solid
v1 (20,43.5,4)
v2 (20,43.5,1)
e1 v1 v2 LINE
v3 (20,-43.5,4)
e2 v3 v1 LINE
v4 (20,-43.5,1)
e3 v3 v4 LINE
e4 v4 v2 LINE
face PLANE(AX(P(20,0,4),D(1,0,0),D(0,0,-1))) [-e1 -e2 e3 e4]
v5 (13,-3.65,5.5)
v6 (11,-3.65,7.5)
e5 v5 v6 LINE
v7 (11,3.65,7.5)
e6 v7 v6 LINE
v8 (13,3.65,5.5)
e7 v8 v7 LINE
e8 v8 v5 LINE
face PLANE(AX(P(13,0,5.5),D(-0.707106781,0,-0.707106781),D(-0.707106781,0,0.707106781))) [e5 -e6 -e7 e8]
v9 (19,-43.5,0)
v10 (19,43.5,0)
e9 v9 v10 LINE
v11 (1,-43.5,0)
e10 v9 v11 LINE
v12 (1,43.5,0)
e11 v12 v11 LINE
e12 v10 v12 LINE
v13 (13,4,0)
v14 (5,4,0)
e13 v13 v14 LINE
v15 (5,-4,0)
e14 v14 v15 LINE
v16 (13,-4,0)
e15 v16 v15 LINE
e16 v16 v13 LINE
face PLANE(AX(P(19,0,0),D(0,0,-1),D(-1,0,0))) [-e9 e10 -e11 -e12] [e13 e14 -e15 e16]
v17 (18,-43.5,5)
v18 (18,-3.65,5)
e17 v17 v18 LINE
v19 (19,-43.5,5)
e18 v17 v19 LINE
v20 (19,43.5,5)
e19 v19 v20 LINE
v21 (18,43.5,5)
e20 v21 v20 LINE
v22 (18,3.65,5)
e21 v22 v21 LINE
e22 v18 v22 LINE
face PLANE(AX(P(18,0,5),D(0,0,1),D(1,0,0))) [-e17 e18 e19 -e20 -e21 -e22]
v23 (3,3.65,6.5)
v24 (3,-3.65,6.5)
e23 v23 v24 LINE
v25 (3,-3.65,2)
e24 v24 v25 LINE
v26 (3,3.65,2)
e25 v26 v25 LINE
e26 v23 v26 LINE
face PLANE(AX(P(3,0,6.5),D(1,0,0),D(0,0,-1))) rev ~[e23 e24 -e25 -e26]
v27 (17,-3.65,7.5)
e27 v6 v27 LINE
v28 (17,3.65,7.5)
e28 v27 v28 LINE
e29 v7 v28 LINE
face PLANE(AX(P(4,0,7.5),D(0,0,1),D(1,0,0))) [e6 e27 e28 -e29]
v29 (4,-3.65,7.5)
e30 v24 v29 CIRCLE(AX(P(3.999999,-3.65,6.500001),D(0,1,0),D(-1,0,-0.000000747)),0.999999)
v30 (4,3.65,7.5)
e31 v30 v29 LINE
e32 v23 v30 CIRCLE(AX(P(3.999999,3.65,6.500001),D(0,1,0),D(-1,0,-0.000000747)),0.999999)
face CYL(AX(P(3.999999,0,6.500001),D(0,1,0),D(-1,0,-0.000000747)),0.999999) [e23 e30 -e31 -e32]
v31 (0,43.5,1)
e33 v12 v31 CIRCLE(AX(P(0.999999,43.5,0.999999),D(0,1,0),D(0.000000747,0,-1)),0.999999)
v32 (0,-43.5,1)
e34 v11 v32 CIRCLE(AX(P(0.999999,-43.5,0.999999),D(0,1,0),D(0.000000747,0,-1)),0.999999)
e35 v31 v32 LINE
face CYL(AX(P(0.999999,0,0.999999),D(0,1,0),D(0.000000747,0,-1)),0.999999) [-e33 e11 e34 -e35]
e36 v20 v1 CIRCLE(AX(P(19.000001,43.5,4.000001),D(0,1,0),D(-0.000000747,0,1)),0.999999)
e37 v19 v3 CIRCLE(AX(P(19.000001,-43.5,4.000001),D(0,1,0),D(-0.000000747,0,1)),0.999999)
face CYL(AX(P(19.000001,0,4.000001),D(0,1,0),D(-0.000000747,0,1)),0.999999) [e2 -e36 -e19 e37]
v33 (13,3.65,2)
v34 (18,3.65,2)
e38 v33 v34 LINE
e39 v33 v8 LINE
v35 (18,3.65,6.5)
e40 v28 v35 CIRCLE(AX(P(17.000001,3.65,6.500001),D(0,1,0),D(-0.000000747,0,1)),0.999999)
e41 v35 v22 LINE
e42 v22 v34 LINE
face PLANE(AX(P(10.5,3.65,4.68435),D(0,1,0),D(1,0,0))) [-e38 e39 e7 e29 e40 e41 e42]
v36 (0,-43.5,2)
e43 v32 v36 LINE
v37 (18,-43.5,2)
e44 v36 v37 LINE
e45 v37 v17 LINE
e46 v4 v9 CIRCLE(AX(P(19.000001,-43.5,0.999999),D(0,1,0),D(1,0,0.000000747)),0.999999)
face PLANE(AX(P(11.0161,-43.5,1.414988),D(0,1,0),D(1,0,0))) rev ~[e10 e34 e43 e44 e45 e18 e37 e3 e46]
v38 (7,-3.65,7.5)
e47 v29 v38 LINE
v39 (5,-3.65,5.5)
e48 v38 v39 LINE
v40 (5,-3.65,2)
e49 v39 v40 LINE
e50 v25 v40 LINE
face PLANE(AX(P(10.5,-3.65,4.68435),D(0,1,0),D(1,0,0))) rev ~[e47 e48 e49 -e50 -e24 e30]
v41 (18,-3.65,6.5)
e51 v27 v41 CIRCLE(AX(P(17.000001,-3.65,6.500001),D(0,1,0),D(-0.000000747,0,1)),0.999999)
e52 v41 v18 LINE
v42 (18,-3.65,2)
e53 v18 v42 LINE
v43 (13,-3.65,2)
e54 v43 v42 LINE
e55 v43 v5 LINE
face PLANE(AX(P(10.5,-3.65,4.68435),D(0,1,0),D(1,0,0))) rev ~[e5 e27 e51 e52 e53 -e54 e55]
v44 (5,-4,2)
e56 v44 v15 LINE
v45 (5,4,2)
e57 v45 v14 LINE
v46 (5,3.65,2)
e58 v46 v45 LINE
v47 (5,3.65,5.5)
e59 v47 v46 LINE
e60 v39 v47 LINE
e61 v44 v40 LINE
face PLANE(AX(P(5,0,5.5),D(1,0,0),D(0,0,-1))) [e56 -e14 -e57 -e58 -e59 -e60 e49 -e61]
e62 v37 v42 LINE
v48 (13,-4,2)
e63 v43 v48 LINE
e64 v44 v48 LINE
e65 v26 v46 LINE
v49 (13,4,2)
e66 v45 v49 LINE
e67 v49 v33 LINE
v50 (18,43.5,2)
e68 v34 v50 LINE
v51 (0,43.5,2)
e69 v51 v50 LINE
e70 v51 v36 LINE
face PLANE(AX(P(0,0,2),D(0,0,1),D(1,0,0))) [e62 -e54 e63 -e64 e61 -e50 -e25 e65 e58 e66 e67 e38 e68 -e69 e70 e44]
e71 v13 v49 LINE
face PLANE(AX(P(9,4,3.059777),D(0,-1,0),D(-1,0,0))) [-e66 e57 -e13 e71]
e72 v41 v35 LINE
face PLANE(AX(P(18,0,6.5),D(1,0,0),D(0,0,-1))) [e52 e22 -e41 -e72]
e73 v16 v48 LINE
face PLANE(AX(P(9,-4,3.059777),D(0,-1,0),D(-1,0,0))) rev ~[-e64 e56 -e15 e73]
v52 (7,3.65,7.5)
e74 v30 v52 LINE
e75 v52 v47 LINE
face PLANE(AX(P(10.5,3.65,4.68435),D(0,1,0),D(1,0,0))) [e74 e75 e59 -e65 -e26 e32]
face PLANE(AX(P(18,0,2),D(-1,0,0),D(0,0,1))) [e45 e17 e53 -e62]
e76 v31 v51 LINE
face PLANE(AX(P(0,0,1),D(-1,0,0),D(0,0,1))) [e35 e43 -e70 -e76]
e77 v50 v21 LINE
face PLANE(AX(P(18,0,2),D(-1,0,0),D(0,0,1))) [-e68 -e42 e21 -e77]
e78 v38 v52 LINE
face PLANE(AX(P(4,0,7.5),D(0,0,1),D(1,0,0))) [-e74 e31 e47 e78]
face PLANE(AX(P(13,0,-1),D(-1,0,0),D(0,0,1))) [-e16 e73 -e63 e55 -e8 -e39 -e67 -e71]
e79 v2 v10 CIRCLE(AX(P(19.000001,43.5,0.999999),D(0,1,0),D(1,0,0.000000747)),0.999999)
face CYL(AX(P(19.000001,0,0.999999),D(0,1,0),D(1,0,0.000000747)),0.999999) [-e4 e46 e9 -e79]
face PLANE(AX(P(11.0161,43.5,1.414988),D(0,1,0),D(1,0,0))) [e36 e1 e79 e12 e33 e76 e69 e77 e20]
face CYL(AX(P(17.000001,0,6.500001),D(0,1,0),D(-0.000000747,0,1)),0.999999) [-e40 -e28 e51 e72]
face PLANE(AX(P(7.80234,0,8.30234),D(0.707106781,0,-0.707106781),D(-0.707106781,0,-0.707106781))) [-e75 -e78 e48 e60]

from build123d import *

# Parameters (mm, degrees)
PAD002_DEPTH        = 4
PAD001_DEPTH        = 3.65
PAD_DEPTH           = 43.5
CUT_PLACEMENT_ANGLE = 180


with BuildPart() as trou_carre001:
    # Sketch002 → Pad002 (new body, symmetric)
    with BuildSketch(Plane.XZ):
        Polygon((5, 3), (13, 3), (13, -3.5), (10.19766, -6.30234), (7.80234, -6.30234), (5, -3.5), align=None)
    extrude(amount=PAD002_DEPTH, both=True)


with BuildPart() as insert001:
    # Sketch001 → Pad001 (new body, symmetric)
    with BuildSketch(Plane.XZ):
        with BuildLine():
            Line((4, -5.5), (17, -5.5))
            ThreePointArc((17, -5.5), (17.707107, -5.207107), (18, -4.5))
            Line((18, -4.5), (18, 0))
            Line((3, 0), (18, 0))
            Line((3, -4.5), (3, 0))
            ThreePointArc((3, -4.5), (3.292893, -5.207107), (4, -5.5))
        make_face()
    extrude(amount=PAD001_DEPTH, both=True)


with BuildPart() as protection_alim:
    # Sketch → Pad (new body, symmetric)
    with BuildSketch(Plane.XZ):
        with BuildLine():
            Line((0, 0), (18, 0))
            Line((18, 0), (18, -3))
            Line((18, -3), (19, -3))
            ThreePointArc((19, -3), (19.707107, -2.707107), (20, -2))
            Line((20, -2), (20, 1))
            ThreePointArc((20, 1), (19.707107, 1.707107), (19, 2))
            Line((19, 2), (1, 2))
            ThreePointArc((1, 2), (0.292893, 1.707107), (0, 1))
            Line((0, 1), (0, 0))
        make_face()
    extrude(amount=PAD_DEPTH, both=True)

    # Fusion: union insert001
    add(insert001.part)

    # Cut: cut trou_carre001
    add(trou_carre001.part, mode=Mode.SUBTRACT)


with BuildPart() as protection_alim_1:
    # Cut placement: moved
    add(protection_alim.part.moved(Location((0, 0, 2))).rotate(Axis((0, 0, 2), (1, 0, 0)), CUT_PLACEMENT_ANGLE))


solid = protection_alim_1.part
